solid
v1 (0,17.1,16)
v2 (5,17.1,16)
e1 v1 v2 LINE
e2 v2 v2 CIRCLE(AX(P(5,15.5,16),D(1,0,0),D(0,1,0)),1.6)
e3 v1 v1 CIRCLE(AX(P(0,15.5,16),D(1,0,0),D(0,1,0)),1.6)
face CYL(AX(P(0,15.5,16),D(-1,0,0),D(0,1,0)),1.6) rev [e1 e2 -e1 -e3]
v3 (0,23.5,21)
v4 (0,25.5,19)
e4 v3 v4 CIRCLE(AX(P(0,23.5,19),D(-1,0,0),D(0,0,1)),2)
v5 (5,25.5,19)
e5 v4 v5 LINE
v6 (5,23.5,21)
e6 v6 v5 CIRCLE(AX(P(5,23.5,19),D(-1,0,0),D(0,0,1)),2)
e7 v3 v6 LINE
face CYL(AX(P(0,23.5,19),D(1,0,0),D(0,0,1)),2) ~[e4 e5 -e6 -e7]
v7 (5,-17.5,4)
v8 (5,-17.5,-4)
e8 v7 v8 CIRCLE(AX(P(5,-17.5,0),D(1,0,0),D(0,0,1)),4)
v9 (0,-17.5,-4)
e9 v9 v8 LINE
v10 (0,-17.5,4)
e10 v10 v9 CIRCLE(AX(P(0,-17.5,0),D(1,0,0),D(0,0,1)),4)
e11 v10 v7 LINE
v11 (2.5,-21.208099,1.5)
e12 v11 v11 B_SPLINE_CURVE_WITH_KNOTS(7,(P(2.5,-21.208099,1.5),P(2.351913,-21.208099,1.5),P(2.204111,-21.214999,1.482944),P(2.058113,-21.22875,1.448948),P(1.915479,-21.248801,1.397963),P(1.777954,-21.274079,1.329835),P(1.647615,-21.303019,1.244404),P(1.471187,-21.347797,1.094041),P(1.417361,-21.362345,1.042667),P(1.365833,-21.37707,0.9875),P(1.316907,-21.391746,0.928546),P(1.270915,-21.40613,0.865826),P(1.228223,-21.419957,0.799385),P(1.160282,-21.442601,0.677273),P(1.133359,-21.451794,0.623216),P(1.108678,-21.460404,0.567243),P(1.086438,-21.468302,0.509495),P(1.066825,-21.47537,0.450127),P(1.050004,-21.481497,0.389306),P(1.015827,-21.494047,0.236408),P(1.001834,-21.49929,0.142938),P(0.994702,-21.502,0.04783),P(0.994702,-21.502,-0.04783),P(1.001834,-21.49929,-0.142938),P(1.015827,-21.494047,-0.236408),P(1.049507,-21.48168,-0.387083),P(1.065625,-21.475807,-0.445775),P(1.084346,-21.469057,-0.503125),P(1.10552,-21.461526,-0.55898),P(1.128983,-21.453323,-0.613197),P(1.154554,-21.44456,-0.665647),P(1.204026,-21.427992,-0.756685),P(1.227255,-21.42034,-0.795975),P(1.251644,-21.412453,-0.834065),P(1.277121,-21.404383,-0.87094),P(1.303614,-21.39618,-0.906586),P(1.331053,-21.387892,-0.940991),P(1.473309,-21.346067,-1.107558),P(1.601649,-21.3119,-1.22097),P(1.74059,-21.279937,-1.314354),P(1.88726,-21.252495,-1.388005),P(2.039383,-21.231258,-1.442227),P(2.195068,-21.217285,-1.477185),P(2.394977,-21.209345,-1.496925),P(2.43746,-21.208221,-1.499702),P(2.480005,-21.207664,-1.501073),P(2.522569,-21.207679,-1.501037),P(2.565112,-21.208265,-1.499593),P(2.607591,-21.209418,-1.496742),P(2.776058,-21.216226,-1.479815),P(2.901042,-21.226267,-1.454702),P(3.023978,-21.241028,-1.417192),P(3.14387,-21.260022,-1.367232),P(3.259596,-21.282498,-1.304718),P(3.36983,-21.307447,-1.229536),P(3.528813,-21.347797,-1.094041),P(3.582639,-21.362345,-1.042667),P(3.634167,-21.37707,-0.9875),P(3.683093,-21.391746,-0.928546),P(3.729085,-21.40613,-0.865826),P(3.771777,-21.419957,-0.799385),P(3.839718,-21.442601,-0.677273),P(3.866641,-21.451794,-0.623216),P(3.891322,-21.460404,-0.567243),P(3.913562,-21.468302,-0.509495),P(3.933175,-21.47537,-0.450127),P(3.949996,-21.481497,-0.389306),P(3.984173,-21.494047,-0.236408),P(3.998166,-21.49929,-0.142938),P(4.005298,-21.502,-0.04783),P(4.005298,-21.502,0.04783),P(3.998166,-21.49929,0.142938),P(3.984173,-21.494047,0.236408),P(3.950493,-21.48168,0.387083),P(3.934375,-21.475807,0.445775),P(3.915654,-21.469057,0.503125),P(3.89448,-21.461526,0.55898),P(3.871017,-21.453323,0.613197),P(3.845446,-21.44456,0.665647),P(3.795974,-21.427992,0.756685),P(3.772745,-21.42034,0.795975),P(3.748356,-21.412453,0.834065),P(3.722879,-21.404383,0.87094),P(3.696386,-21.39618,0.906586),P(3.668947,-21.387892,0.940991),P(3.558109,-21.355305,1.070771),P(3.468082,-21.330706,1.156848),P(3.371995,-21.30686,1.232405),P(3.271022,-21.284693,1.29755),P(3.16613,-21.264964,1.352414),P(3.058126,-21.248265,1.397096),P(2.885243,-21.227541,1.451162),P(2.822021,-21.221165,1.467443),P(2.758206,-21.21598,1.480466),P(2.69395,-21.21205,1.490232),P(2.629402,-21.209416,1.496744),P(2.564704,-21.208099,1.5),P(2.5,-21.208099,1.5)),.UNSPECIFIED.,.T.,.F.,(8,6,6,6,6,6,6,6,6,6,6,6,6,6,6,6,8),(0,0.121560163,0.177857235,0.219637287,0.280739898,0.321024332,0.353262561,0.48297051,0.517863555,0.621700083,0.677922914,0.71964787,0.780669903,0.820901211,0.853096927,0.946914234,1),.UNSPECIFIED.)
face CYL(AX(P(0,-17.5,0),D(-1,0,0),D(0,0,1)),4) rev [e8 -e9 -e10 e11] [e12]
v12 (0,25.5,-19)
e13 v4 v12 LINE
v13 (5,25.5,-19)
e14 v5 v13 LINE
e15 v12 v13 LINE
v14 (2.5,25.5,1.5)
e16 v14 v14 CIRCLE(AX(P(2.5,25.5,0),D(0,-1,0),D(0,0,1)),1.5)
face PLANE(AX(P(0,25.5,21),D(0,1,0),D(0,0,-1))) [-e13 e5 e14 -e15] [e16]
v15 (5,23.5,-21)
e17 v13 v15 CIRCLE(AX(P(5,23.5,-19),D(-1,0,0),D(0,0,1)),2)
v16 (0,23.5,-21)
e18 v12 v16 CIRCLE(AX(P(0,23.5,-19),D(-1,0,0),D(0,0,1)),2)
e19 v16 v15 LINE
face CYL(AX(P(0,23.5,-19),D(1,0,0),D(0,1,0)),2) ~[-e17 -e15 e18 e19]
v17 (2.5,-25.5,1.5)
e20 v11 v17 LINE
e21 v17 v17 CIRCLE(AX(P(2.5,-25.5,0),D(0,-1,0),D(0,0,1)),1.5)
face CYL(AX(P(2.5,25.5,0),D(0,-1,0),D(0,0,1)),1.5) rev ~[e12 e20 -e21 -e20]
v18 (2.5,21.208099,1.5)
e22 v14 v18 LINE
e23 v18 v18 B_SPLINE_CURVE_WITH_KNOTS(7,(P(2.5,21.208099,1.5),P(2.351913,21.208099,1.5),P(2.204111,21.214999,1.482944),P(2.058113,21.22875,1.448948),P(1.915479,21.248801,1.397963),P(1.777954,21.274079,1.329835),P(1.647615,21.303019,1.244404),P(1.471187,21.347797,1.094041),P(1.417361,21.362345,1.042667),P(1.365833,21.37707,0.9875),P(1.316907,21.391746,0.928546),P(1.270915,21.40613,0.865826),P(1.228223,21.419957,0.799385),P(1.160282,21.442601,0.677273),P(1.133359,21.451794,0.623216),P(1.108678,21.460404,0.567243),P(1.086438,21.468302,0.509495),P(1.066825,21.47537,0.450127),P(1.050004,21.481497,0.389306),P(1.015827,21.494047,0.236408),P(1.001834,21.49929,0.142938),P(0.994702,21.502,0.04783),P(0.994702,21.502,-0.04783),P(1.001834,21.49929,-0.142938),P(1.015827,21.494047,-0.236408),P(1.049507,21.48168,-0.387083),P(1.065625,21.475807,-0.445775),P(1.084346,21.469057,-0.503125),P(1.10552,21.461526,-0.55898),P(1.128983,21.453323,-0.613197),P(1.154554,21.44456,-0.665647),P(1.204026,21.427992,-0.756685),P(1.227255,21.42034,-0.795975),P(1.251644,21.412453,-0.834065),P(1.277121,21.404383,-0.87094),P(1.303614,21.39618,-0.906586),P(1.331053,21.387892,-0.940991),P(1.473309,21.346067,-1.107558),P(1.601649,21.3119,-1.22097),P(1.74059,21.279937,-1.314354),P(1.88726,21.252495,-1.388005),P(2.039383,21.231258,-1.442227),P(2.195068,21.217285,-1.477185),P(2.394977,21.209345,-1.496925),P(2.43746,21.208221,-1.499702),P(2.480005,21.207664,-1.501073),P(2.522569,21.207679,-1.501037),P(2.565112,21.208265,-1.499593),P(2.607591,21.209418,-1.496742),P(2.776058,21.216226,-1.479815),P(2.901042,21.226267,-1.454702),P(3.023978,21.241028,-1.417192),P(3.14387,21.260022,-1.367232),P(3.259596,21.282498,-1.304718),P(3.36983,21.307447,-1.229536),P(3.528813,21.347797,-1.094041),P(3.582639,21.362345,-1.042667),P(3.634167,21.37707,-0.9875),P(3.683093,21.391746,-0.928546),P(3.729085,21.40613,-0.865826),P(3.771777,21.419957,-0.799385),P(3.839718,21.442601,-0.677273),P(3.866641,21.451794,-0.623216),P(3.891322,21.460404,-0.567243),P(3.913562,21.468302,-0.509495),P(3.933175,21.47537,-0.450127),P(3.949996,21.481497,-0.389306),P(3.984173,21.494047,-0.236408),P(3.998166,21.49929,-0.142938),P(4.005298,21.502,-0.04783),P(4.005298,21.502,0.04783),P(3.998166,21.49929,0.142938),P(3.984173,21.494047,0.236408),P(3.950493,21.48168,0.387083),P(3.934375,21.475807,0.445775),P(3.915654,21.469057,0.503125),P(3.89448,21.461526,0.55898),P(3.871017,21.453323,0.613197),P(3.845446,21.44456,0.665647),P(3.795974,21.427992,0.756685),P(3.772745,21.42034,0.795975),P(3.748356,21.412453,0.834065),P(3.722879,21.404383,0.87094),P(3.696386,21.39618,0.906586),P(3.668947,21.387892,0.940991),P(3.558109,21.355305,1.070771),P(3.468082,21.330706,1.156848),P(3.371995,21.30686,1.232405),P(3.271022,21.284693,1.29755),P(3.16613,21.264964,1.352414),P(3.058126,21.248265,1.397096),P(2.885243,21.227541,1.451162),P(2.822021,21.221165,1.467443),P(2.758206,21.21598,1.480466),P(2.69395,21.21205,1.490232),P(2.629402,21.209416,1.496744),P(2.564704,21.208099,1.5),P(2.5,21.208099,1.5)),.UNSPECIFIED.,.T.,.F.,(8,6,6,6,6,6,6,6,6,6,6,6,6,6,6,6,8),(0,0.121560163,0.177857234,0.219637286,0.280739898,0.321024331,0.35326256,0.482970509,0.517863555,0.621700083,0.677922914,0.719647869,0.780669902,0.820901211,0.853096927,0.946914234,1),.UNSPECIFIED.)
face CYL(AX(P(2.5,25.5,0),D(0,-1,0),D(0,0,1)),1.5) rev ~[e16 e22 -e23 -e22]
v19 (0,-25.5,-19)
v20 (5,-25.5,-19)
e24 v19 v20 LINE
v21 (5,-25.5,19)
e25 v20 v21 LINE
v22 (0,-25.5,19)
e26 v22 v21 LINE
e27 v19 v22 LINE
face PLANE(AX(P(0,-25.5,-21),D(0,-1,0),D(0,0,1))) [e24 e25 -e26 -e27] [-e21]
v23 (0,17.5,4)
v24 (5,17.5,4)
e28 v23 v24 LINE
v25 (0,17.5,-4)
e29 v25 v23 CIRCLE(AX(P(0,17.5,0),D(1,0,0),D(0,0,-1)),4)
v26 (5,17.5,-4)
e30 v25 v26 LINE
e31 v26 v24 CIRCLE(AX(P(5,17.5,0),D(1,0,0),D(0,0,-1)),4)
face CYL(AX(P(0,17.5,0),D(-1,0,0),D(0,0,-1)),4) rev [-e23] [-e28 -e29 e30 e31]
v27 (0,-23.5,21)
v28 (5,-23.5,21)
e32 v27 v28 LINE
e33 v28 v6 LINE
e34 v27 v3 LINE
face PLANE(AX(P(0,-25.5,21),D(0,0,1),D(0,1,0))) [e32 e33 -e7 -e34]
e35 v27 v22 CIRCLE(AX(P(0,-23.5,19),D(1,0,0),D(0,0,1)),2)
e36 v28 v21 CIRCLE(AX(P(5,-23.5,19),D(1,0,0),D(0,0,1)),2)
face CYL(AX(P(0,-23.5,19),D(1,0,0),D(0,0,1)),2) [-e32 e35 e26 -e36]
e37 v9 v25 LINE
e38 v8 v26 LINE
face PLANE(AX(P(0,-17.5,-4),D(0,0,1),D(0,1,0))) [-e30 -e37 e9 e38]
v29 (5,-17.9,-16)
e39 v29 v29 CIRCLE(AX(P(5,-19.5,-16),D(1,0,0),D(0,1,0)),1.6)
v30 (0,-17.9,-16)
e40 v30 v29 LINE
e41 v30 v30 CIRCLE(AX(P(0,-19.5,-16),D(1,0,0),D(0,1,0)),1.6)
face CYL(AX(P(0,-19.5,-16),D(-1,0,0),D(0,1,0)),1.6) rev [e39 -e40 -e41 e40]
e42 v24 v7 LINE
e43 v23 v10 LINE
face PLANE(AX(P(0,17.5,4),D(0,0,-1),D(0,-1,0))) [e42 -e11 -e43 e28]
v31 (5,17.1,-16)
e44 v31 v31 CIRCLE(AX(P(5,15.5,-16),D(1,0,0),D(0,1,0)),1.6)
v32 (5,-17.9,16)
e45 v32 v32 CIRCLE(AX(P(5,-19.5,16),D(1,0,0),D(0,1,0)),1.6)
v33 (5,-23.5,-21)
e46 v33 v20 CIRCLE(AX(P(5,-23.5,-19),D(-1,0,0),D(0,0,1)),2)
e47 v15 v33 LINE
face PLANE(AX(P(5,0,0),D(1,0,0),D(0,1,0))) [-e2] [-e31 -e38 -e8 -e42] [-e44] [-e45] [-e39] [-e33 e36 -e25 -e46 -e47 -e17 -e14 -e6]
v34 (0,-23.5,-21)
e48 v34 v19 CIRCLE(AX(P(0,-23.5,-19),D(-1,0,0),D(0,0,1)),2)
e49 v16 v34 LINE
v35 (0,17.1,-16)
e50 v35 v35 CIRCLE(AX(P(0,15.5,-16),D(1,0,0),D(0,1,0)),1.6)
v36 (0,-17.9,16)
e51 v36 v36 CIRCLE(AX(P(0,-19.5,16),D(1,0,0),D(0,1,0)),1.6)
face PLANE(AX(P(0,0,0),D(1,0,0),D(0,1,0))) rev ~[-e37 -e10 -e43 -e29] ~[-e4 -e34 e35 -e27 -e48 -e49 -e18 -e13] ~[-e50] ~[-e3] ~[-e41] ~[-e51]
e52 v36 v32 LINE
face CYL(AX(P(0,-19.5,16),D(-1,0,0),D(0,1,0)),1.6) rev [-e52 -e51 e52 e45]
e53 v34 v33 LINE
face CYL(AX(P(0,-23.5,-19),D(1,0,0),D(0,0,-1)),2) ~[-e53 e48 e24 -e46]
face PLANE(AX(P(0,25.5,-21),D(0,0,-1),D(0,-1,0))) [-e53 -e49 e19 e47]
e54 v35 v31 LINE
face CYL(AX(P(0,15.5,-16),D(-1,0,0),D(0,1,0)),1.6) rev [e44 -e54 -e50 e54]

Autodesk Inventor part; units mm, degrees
ref_plane "YZ Plane" through (0, 0, 0) normal (1, 0, 0) x (0, 1, 0)
ref_plane "XZ Plane" through (0, 0, 0) normal (0, 1, 0) x (-1, 0, 0)
ref_plane "XY Plane" through (0, 0, 0) normal (0, 0, 1) x (1, 0, 0)
sketch "Sketch1" plane through (0, 0, 0) normal (1, 0, 0) x (0, 1, 0)
  line L0 (-25.5, 21) -> (25.5, 21)
  line L1 (25.5, 21) -> (25.5, -21)
  line L2 (25.5, -21) -> (-25.5, -21)
  line L3 (-25.5, -21) -> (-25.5, 21)
  line L4 (-25.5, 21) -> (25.5, -21) construction
  line L5 (25.5, 21) -> (-25.5, -21) construction
  circle A0 centre (15.5, 16) radius 1.6
  circle A1 centre (15.5, -16) radius 1.6
  circle A2 centre (-19.5, -16) radius 1.6
  circle A3 centre (-19.5, 16) radius 1.6
  line L6 (17.5, 0) -> (-17.5, 0) construction
  line L7 (17.5, 4) -> (-17.5, 4)
  line L8 (-17.5, -4) -> (17.5, -4)
  arc A4 (17.5, -4) -> (17.5, 4) centre (17.5, 0) ccw
  arc A5 (-17.5, 4) -> (-17.5, -4) centre (-17.5, 0) ccw
  point P0 (0, 0)
  point P1 (-9.5, -16)
  point P2 (0, 0)
  point P3 (15.5, -48)
  point P4 (-19.5, -35.5845)
  dimension "d0" = 42
  dimension "d1" = 51
  dimension "d2" = 5
  dimension "d3" = 10
  dimension "d5" = 35
  dimension "d6" = 5
  dimension "d7" = 3.2
  dimension "d8" = 3.2
  dimension "d9" = 3.2
  dimension "d10" = 3.2
  dimension "d15" = 0
  dimension "d16" = 0
  dimension "d17" = 32
  dimension "d18" = 0
  dimension "d19" = 0
  dimension "d20" = 8
  dimension "d21" = 8
  dimension "d22" = 8
  dimension "d31" = 32
extrude "Extrusion1" add sketch "Sketch1" along normal blind 5
fillet "Fillet1" radius 2 4 edges at (2.5, 25.5, 21) (2.5, -25.5, 21) (2.5, -25.5, -21) (2.5, 25.5, -21)
sketch "Sketch2" plane through (0, 25.5, 19) normal (0, 1, 0) x (1, 0, 0)
  line L0 (0, 38) -> (0, 0) projected
  point P0 (0, 19)
  point P1 (2.5, 19)
  dimension "d23" = 2.5
hole "Hole1" at (2.5, 25.5, 0) direction (0, -1, 0) diameter 3 depth 80.45
properties part number "2mm_double_for_pulley" material "アルミニウム 6061"
